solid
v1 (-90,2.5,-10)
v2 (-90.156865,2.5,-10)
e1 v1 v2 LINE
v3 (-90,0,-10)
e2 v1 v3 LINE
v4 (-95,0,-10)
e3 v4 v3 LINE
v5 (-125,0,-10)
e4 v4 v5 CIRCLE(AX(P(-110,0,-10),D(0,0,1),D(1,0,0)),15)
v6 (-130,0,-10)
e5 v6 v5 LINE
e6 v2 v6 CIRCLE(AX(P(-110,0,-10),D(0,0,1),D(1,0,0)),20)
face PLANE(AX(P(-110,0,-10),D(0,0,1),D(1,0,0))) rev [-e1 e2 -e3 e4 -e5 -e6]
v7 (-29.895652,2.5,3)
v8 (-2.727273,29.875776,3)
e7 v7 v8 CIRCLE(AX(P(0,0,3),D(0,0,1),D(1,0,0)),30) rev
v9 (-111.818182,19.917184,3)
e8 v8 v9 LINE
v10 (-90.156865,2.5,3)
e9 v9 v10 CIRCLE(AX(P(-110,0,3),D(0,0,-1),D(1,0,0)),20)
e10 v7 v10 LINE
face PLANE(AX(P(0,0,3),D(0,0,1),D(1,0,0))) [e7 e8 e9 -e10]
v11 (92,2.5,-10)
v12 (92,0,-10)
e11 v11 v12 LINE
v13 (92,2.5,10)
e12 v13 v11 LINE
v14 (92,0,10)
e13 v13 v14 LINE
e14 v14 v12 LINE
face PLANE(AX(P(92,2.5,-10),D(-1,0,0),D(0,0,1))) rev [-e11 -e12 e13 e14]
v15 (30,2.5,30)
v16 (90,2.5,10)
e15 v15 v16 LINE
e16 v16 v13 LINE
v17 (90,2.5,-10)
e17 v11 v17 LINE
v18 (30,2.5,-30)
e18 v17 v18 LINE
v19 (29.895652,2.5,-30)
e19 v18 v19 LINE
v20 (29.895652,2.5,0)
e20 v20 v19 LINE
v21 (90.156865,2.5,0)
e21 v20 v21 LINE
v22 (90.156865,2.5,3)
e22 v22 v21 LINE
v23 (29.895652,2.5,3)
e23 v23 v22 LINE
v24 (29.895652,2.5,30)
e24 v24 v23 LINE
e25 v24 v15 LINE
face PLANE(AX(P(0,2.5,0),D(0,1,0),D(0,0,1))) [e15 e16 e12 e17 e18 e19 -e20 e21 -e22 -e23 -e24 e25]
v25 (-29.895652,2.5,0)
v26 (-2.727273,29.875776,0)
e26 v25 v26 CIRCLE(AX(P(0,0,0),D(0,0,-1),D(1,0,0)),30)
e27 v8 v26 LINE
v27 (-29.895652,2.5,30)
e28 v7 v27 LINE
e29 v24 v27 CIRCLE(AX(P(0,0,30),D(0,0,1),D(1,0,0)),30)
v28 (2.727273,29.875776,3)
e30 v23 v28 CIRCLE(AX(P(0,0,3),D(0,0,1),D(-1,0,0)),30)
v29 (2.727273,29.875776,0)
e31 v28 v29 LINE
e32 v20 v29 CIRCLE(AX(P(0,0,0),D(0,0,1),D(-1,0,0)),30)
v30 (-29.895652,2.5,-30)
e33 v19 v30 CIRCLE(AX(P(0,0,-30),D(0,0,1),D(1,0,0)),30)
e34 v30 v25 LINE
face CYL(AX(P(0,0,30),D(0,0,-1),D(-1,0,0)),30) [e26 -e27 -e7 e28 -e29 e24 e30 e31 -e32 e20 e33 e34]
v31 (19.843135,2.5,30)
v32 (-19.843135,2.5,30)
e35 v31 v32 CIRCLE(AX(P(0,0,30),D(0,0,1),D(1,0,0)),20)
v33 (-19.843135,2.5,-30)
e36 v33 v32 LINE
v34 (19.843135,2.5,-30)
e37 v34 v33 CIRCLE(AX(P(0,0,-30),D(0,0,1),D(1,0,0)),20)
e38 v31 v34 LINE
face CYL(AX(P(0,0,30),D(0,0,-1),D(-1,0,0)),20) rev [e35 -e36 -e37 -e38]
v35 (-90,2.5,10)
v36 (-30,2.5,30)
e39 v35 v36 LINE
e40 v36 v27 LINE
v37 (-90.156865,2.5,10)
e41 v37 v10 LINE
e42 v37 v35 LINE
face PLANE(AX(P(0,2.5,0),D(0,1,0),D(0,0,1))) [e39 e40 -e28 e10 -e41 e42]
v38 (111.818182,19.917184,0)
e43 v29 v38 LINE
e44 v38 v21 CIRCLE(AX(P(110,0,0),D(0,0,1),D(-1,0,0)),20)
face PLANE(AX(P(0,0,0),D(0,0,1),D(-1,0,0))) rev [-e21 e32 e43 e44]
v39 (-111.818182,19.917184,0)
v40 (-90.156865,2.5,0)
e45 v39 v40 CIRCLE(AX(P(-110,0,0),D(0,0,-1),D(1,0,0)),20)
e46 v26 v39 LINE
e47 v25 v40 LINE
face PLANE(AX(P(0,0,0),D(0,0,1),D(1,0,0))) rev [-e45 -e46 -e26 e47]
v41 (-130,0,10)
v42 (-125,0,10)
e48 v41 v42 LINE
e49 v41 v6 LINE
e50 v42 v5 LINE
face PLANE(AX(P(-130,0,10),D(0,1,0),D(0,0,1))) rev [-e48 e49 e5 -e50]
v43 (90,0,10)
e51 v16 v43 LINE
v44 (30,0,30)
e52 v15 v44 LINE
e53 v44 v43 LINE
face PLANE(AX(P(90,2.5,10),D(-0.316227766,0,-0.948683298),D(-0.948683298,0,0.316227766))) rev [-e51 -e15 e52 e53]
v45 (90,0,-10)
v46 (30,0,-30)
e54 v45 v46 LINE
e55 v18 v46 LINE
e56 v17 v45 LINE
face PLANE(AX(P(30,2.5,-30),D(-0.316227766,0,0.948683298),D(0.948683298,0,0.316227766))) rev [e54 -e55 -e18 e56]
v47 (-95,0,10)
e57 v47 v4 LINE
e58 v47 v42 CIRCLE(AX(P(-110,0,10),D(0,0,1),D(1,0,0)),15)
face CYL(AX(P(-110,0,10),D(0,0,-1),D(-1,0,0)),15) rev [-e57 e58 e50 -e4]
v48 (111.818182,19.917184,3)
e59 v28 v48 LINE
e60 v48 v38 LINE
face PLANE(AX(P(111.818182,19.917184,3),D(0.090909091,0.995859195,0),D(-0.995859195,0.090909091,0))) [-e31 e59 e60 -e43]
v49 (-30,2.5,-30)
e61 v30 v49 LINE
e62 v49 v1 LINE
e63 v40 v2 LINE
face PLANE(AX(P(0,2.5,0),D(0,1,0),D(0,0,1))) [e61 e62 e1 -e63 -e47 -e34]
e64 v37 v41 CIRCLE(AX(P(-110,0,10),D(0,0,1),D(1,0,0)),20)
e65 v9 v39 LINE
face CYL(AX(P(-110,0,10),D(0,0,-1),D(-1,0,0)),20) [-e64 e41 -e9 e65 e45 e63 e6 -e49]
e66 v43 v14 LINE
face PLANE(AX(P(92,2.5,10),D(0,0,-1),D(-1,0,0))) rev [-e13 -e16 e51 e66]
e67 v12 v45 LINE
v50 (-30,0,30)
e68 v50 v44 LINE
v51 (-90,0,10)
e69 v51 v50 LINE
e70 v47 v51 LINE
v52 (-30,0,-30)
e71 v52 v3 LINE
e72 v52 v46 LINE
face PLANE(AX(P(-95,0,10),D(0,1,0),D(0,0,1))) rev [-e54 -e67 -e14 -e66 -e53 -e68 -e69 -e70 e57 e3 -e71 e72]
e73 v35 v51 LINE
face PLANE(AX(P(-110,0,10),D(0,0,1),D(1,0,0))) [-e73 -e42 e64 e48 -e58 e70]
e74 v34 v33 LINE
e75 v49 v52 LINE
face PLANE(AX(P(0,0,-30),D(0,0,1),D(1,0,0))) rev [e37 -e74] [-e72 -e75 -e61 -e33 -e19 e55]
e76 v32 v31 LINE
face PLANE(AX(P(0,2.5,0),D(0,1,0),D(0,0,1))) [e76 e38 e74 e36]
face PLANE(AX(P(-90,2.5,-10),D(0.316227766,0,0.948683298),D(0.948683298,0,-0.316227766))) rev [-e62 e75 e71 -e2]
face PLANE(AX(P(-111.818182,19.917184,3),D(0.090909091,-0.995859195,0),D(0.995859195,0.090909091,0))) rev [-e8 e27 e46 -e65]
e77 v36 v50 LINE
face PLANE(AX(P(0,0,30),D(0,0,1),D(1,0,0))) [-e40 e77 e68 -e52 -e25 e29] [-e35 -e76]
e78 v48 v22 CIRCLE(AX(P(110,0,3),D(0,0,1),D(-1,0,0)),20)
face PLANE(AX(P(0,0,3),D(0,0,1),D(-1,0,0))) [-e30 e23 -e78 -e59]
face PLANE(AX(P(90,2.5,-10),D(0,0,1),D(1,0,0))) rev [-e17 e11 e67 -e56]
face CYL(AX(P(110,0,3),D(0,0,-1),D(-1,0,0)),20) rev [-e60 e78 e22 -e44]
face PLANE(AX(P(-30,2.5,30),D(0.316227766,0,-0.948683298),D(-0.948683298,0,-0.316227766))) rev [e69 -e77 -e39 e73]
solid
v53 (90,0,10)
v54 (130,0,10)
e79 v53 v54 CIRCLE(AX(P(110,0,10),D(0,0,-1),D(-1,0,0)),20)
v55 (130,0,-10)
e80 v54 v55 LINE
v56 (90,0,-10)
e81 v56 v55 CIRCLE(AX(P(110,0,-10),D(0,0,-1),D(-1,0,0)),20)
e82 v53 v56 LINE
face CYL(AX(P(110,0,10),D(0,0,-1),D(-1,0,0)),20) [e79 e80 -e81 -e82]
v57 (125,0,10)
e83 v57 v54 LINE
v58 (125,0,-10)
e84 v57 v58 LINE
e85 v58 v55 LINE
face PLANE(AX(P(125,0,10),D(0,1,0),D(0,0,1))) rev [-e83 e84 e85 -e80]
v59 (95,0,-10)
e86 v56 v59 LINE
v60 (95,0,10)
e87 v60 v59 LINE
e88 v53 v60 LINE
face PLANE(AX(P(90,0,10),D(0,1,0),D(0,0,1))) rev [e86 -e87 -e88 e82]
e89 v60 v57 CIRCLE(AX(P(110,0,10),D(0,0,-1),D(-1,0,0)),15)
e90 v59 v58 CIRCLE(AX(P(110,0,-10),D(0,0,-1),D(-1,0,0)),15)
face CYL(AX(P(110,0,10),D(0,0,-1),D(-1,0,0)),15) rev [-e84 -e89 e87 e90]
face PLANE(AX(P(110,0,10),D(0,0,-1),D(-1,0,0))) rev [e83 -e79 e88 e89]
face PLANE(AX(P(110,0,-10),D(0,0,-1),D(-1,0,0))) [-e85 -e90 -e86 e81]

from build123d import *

# Parameters (mm, degrees)
BOSS_EXTRUDE1_DEPTH = 30
BOSS_EXTRUDE2_DEPTH = 10
BOSS_EXTRUDE3_DEPTH = 10
BOSS_EXTRUDE4_DEPTH = 2.5
BOSS_EXTRUDE5_START = 3
BOSS_EXTRUDE5_DEPTH = 3


with BuildPart() as part:
    # Sketch1 → Boss-Extrude1 (new, symmetric)
    with BuildSketch(Plane.XY):
        with BuildLine():
            Line((20, 0), (30, 0))
            ThreePointArc((30, 0), (0, 30), (-30, 0))
            Line((-30, 0), (-20, 0))
            ThreePointArc((-20, 0), (0, 20), (20, 0))
        make_face()
    extrude(amount=BOSS_EXTRUDE1_DEPTH, both=True)

    # Sketch4 → Boss-Extrude4 (add)
    with BuildSketch(Plane(origin=(0, 0, 0), x_dir=(1, 0, 0), z_dir=(0, 1, 0))):
        Polygon((-90, 10), (-30, 30), (30, 30), (90, 10), (92, 10), (92, -10), (90, -10), (30, -30), (-30, -30), (-90, -10), (-92, -10), (-92, 10), align=None)
    extrude(amount=BOSS_EXTRUDE4_DEPTH)



with BuildPart() as body_2:
    # Sketch1<3> → Boss-Extrude2 (new, symmetric)
    with BuildSketch(Plane.XY):
        with BuildLine():
            Line((-130, 0), (-125, 0))
            ThreePointArc((-125, 0), (-110, 15), (-95, 0))
            Line((-95, 0), (-90, 0))
            ThreePointArc((-90, 0), (-110, 20), (-130, 0))
        make_face()
    extrude(amount=BOSS_EXTRUDE2_DEPTH, both=True)


with BuildPart() as body_3:
    # Sketch1<4> → Boss-Extrude3 (new, symmetric)
    with BuildSketch(Plane.XY):
        with BuildLine():
            Line((90, 0), (95, 0))
            ThreePointArc((95, 0), (110, 15), (125, 0))
            Line((125, 0), (130, 0))
            ThreePointArc((130, 0), (110, 20), (90, 0))
        make_face()
    extrude(amount=BOSS_EXTRUDE3_DEPTH, both=True)


with BuildPart() as part_1:
    add(part.part)

    add(body_2.part)  # Boss-Extrude5 merges body 2
    # Sketch7 → Boss-Extrude5 (add)
    with BuildSketch(Plane.XY.offset(BOSS_EXTRUDE5_START)):
        with BuildLine():
            Line((-111.818181818, 19.917183909), (-2.727272727, 29.875775864))
            ThreePointArc((-2.727272727, 29.875775864), (-22.156468376, 20.225995874), (-30, 0))
            Line((-30, 0), (-90, 0))
            ThreePointArc((-90, 0), (-96.516002751, 14.770978918), (-111.818181818, 19.917183909))
        make_face()
    boss_extrude5 = extrude(amount=-BOSS_EXTRUDE5_DEPTH)

    # Mirror1: Boss-Extrude5 across plane
    add(boss_extrude5.mirror(Plane(origin=(0, 0, 0), x_dir=(0, 0, 1), z_dir=(1, 0, 0))))


solid = Compound([body_3.part, part_1.part])
